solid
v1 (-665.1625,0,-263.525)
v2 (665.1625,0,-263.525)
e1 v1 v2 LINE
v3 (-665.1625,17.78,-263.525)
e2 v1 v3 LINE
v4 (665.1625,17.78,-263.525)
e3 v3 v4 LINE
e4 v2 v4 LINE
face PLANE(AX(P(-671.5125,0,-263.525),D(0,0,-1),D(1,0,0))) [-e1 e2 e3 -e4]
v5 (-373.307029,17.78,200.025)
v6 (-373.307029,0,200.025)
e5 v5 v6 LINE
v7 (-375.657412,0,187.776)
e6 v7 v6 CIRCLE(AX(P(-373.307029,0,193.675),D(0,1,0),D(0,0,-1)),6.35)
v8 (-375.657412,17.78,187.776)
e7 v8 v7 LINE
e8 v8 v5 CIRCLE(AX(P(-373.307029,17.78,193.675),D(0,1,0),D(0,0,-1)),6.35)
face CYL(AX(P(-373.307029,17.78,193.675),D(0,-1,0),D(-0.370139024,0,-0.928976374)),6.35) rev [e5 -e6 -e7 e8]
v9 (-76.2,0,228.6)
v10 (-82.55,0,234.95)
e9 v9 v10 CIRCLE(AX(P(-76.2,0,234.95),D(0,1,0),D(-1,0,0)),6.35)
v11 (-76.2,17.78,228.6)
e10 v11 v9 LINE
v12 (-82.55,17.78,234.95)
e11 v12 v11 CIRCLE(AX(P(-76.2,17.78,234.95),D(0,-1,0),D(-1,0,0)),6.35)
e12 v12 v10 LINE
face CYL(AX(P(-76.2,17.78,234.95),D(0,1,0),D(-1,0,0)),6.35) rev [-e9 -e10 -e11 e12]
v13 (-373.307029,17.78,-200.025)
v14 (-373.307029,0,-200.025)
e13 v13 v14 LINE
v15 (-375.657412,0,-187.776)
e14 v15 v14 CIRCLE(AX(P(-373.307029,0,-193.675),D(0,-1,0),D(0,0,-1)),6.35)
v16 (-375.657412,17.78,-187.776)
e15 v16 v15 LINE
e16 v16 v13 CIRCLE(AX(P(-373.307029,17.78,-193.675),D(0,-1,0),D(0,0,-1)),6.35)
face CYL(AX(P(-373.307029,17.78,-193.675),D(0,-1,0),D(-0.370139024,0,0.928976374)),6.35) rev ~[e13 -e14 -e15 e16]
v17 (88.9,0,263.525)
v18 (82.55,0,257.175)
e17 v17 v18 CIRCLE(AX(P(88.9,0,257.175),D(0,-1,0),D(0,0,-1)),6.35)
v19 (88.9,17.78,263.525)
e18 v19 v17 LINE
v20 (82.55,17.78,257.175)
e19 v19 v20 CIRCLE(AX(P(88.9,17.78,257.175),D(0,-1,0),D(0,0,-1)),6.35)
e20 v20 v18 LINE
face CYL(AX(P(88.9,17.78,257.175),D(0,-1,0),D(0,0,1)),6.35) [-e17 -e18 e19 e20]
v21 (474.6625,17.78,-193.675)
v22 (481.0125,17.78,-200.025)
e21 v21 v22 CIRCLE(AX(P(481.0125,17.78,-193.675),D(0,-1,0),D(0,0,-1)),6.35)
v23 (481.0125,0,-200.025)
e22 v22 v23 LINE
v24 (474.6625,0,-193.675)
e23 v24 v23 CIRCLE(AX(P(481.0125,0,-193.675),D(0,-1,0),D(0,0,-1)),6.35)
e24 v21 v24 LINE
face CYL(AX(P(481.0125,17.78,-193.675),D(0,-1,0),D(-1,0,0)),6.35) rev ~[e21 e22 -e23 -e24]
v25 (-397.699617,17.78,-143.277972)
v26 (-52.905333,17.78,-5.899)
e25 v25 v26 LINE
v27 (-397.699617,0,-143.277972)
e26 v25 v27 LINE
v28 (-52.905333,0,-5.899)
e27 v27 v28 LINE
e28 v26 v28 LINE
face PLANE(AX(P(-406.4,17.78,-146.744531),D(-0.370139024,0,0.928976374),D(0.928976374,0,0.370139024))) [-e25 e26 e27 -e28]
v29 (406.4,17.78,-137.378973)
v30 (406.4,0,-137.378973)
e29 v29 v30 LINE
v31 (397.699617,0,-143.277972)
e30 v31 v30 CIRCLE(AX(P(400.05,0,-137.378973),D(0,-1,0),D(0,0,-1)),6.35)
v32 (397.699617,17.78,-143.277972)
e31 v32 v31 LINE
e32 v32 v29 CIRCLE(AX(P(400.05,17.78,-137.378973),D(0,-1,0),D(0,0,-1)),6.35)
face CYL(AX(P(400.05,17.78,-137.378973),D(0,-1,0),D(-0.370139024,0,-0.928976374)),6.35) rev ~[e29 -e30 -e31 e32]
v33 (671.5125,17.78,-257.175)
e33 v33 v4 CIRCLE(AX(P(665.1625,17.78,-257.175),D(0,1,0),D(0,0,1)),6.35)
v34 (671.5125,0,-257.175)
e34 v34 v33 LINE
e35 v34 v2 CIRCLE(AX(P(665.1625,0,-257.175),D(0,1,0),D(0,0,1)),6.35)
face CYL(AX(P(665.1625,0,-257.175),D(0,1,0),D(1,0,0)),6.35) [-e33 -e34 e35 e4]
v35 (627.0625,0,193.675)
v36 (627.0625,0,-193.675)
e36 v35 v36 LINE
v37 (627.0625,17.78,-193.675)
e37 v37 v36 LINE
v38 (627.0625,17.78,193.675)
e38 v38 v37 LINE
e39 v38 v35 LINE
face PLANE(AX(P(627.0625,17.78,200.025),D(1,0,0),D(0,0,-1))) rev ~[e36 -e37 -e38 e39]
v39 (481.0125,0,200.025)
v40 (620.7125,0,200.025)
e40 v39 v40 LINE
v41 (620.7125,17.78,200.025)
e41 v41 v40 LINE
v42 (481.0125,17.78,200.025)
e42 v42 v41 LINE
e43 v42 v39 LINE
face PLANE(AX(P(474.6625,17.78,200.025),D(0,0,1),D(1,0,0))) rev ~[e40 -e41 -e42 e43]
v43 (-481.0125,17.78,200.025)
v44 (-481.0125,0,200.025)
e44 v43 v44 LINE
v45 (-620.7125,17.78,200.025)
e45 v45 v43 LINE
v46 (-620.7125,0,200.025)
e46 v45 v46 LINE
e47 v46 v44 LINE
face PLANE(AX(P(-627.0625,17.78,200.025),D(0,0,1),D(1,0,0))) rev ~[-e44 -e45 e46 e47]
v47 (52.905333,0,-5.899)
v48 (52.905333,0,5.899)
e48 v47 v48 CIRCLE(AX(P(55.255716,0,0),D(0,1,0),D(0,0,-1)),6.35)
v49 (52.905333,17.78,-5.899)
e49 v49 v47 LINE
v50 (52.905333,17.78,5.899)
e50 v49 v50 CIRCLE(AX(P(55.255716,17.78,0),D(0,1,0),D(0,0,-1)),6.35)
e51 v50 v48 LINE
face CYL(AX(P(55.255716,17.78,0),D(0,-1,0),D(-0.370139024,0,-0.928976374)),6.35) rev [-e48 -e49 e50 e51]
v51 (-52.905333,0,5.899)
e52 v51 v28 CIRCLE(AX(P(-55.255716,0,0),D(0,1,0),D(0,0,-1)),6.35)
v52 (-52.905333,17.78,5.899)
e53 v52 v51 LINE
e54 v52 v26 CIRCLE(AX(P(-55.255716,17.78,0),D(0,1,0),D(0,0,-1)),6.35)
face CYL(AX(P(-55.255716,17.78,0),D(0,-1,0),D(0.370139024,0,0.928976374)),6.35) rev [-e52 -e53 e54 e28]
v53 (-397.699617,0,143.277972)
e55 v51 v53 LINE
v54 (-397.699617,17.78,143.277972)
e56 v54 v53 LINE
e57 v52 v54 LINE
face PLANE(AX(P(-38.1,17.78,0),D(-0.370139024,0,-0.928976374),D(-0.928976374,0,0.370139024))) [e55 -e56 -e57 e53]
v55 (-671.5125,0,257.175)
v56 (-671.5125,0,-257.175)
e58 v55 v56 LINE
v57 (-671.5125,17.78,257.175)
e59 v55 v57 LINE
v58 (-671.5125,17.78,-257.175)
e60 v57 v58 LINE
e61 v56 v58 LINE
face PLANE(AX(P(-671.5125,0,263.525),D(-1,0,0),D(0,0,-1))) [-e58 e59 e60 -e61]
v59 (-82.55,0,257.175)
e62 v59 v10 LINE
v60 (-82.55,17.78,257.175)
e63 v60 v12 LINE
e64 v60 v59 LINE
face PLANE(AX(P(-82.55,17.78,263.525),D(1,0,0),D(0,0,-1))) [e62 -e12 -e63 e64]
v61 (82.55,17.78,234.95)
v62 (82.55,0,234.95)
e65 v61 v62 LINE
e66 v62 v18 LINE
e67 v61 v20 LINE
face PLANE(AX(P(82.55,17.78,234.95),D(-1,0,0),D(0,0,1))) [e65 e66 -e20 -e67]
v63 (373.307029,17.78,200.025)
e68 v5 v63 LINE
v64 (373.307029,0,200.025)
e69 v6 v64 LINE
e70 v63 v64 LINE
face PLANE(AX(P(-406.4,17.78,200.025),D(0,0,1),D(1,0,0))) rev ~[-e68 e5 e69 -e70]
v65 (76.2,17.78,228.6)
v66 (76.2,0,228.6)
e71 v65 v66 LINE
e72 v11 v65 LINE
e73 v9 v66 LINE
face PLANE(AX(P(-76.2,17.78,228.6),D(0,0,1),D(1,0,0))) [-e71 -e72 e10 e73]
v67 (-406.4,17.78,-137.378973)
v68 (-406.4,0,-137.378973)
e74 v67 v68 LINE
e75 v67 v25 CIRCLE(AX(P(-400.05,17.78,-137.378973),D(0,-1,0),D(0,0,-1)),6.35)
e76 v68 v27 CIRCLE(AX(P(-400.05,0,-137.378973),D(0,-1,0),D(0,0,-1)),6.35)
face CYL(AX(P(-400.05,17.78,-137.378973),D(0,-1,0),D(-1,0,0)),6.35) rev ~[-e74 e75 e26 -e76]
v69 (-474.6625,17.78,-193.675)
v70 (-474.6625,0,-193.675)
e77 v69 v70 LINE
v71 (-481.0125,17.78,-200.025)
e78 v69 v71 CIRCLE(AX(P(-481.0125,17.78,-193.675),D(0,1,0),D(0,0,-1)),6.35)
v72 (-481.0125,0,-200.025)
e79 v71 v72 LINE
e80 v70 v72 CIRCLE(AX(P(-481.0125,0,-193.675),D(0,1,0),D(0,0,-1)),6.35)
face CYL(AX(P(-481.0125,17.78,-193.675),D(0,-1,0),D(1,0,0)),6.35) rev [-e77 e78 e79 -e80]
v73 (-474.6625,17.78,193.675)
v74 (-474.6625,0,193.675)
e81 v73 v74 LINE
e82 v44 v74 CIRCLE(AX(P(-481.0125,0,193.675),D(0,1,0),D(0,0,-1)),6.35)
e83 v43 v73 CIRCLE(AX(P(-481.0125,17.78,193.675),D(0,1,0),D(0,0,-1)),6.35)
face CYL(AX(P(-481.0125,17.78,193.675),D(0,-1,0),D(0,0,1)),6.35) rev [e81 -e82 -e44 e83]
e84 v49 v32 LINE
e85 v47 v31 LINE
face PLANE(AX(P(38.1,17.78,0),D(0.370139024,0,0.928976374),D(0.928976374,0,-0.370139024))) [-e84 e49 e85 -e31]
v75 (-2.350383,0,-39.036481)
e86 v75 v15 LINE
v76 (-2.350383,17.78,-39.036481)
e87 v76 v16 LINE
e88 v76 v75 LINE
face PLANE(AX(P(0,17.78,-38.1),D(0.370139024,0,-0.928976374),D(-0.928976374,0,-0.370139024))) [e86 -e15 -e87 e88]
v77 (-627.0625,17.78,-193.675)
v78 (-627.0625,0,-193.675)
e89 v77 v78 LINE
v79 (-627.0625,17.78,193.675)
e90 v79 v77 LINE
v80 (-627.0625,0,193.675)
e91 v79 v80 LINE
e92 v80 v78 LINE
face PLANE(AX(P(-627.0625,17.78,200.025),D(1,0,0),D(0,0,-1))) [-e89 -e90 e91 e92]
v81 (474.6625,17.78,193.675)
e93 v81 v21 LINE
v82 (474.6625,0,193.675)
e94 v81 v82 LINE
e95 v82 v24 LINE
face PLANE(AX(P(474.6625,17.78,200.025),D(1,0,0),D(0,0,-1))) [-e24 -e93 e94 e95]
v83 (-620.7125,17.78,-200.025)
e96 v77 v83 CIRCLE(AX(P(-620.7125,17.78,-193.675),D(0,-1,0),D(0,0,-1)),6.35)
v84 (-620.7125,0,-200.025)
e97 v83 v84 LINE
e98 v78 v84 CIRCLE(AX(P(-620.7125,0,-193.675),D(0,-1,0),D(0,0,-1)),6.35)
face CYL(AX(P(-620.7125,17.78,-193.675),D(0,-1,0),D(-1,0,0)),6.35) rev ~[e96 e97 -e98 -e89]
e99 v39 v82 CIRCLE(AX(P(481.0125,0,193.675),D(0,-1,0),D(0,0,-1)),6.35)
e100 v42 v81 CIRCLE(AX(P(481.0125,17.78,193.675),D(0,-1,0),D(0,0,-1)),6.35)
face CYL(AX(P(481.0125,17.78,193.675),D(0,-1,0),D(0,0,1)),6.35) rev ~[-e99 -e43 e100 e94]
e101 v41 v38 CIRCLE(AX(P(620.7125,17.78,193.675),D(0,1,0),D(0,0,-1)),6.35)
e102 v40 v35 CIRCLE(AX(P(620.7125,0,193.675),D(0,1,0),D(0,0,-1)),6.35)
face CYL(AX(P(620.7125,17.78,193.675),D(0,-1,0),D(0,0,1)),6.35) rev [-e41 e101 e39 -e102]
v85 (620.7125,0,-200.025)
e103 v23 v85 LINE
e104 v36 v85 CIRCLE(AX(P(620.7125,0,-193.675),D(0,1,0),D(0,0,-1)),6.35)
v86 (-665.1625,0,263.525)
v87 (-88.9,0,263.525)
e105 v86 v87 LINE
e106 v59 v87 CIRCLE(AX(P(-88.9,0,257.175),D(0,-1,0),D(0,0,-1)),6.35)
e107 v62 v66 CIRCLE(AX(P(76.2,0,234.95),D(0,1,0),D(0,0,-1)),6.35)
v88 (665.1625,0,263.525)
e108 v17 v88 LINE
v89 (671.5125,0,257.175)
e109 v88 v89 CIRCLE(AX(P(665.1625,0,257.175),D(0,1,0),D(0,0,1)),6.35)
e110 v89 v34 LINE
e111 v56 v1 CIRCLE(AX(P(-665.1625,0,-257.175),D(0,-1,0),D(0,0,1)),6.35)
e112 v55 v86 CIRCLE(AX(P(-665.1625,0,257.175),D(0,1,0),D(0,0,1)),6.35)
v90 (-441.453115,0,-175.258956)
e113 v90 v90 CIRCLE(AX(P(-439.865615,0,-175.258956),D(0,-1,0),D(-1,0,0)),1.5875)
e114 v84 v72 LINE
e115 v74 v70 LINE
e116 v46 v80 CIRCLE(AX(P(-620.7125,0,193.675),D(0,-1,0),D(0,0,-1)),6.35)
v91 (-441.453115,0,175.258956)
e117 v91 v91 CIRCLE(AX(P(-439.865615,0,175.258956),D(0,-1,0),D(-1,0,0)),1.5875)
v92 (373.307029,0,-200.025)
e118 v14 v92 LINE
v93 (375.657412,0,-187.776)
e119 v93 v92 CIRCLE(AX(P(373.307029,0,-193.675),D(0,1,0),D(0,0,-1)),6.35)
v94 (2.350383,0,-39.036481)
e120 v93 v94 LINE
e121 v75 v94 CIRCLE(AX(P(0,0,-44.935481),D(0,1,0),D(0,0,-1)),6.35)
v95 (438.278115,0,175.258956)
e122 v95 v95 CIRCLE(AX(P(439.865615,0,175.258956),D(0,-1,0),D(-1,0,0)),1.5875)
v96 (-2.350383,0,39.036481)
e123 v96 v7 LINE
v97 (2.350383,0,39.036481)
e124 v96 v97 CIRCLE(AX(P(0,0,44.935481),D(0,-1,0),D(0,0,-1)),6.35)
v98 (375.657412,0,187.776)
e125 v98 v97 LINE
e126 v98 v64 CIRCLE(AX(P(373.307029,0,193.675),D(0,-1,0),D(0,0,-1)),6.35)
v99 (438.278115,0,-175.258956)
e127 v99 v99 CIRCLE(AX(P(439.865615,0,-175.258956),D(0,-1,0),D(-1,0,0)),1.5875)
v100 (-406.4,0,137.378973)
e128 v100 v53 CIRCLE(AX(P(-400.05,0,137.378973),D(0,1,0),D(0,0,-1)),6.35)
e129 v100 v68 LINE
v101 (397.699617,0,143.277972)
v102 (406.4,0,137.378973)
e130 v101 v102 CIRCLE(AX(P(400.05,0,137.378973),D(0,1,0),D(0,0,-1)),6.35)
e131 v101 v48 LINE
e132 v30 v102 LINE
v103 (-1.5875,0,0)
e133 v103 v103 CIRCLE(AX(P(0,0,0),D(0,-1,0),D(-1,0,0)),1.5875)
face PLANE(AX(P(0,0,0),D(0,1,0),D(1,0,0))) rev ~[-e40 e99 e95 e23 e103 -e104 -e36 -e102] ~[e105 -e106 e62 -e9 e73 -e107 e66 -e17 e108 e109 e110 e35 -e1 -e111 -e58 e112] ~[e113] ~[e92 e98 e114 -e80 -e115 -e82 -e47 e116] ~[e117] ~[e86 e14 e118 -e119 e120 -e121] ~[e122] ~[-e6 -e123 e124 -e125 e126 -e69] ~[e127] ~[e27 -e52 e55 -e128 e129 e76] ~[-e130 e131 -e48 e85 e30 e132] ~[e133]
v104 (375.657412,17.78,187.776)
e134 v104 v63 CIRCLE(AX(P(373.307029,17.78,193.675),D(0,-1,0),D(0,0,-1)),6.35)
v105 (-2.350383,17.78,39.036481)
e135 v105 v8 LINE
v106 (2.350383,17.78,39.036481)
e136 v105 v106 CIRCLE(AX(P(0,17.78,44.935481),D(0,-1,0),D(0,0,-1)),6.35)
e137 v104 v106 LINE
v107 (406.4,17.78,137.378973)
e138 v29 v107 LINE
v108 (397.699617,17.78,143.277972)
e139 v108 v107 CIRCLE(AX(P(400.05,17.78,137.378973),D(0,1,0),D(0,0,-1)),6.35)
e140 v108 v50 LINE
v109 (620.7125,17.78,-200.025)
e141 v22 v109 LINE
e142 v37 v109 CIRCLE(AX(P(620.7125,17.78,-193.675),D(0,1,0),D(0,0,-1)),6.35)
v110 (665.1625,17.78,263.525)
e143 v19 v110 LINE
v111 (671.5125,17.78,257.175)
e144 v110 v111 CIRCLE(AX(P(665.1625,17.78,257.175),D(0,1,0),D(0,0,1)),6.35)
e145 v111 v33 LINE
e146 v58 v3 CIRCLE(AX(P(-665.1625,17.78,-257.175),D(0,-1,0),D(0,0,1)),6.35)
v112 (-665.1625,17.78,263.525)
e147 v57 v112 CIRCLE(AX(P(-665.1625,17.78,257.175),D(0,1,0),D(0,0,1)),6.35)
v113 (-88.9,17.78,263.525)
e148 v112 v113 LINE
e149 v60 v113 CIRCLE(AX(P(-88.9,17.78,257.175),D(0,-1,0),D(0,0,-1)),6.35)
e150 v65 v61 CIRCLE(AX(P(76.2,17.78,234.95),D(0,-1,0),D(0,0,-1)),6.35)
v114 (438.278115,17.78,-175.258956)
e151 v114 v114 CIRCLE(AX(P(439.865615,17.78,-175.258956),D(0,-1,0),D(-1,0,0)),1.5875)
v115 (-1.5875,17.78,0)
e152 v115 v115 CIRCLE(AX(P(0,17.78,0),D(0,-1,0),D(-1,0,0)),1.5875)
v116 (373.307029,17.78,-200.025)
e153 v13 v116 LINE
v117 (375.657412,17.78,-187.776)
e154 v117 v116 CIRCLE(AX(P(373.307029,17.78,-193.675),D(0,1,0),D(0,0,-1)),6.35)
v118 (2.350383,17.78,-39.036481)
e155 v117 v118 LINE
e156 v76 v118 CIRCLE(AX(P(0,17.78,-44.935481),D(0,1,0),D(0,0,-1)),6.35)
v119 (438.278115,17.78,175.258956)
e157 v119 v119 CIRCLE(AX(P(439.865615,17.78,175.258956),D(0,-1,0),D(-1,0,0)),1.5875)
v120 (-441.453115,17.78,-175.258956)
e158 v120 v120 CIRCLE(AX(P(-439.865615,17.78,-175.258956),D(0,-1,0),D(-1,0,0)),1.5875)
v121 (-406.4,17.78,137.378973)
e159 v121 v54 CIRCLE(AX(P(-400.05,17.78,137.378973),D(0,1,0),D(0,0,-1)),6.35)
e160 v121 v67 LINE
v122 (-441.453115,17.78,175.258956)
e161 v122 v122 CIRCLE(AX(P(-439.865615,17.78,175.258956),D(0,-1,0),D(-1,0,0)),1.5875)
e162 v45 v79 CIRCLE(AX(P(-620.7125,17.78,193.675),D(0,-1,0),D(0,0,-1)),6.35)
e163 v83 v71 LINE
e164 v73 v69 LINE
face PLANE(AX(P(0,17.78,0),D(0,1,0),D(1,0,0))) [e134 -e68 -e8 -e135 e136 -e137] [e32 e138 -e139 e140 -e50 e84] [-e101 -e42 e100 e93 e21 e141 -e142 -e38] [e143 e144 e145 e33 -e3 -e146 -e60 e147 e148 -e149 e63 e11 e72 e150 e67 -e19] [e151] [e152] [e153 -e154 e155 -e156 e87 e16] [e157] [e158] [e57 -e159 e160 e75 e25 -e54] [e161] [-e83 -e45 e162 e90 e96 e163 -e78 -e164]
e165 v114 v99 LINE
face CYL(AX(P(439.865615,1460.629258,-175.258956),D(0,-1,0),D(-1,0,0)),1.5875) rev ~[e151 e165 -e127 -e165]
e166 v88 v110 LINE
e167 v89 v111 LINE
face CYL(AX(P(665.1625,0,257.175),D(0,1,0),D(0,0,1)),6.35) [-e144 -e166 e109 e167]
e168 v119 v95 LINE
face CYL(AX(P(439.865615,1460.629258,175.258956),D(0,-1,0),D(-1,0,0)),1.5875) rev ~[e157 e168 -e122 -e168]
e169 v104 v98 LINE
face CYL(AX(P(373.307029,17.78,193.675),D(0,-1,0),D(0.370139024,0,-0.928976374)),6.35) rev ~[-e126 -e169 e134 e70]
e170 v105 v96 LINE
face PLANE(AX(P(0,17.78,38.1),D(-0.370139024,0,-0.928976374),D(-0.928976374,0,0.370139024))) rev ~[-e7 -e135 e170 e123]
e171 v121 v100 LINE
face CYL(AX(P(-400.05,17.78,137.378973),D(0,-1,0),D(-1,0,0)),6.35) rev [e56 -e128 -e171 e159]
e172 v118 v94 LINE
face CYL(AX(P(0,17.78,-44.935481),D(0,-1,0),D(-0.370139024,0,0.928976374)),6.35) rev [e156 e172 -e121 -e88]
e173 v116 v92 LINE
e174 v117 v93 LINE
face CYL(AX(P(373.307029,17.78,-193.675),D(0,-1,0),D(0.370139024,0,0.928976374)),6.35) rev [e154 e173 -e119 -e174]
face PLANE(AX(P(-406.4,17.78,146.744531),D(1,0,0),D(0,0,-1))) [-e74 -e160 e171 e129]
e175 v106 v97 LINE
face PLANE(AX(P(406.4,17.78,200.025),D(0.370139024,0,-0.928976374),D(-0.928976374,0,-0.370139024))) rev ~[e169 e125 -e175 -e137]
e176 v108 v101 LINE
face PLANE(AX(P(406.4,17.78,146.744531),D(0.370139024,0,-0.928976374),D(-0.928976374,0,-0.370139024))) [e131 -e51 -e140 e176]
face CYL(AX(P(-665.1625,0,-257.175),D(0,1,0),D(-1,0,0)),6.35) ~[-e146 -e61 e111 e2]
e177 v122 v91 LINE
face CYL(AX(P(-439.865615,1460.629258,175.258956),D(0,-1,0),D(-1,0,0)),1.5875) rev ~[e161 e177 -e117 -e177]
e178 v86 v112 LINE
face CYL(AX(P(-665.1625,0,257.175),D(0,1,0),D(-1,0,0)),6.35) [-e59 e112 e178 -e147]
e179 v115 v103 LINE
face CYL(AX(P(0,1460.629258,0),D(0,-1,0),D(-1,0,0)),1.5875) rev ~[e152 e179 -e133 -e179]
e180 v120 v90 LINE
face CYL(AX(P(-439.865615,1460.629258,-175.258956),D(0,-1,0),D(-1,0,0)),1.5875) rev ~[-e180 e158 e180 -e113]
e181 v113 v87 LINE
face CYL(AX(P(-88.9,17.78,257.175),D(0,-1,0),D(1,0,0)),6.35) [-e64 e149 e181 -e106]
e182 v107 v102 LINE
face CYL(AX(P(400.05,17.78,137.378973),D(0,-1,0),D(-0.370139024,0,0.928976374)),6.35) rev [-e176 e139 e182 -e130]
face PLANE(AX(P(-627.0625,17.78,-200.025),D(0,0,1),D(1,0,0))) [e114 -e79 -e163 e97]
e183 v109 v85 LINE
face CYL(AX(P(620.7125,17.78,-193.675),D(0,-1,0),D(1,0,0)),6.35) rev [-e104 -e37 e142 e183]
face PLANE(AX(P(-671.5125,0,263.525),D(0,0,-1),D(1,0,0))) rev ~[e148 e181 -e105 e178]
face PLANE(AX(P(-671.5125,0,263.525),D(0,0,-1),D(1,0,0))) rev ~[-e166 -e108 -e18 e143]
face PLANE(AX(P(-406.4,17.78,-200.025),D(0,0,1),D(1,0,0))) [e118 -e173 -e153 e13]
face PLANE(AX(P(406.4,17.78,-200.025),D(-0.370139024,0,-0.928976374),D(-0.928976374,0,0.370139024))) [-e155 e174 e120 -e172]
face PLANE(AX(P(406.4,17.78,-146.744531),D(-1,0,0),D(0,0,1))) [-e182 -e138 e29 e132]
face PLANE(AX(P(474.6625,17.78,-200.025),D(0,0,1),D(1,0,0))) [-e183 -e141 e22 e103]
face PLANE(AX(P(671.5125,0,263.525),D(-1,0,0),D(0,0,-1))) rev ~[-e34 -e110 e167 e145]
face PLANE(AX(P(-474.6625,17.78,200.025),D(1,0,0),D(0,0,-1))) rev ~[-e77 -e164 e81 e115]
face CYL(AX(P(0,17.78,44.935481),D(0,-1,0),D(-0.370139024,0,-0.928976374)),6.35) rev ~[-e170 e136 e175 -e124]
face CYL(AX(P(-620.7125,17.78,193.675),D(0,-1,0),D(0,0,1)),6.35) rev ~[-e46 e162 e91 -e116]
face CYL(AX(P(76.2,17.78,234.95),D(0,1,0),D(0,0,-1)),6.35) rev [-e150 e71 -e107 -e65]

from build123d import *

# Parameters (mm, degrees)
SKETCH1_W                    = 1343.025
SKETCH1_H                    = 527.05
BOSS_EXTRUDE1_DEPTH          = 17.78
FILLET1_R                    = 6.35
SKETCH5_W                    = 152.4
SKETCH5_H                    = 400.05
CUT_EXTRUDE1_DEPTH           = 18.78
F_1_8_0_125_DIAMETER_HOLE2_D = 3.175
CUT_EXTRUDE2_DEPTH           = 18.78
FILLET2_R                    = 6.35


with BuildPart() as part:
    # Sketch1 → Boss-Extrude1 (new body)
    with BuildSketch(Plane(origin=(0, 0, 0), x_dir=(1, 0, 0), z_dir=(0, 1, 0))):
        Rectangle(SKETCH1_W, SKETCH1_H)
    extrude(amount=BOSS_EXTRUDE1_DEPTH)

    # Fillet1
    fillet1_edges = [part.edges().sort_by_distance(p)[0] for p in [
        (671.5125, 8.89, 263.525),
        (-671.5125, 8.89, 263.525),
        (-671.5125, 8.89, -263.525),
        (671.5125, 8.89, -263.525),
    ]]
    fillet(fillet1_edges, radius=FILLET1_R)

    # Sketch5 → Cut-Extrude1 (cut, through all)
    with BuildSketch(Plane(origin=(0, 17.78, 0), x_dir=(1, 0, 0), z_dir=(0, 1, 0))):
        Polygon((-406.4, 200.025), (406.4, 200.025), (0, 38.1), align=None)
        Polygon((0, -38.1), (-406.4, -200.025), (406.4, -200.025), align=None)
        Polygon((406.4, 146.74453125), (406.4, -146.74453125), (38.1, 0), align=None)
        Polygon((-406.4, 146.74453125), (-38.1, 0), (-406.4, -146.74453125), align=None)
        with Locations((550.8625, 0)):
            Rectangle(SKETCH5_W, SKETCH5_H)
        with Locations((-550.8625, 0)):
            Rectangle(SKETCH5_W, SKETCH5_H)
    extrude(amount=-CUT_EXTRUDE1_DEPTH, mode=Mode.SUBTRACT)

    # 1/8 (0.125) Diameter Hole2 (through all)
    with Locations(Plane(origin=(0, 17.78, 0), x_dir=(1, 0, 0), z_dir=(0, 1, 0))):
        with Locations((0, 0), (-439.865615282, -175.258956089), (439.865615282, 175.258956089), (439.865615282, -175.258956089), (-439.865615282, 175.258956089)):
            Hole(F_1_8_0_125_DIAMETER_HOLE2_D / 2)

    # Sketch8 → Cut-Extrude2 (cut, through all)
    with BuildSketch(Plane(origin=(0, 17.78, 0), x_dir=(1, 0, 0), z_dir=(0, 1, 0))):
        with BuildLine():
            Line((-82.55, -263.525), (-82.55, -234.95))
            ThreePointArc((-82.55, -234.95), (-80.690128061, -230.459871939), (-76.2, -228.6))
            Line((-76.2, -228.6), (76.2, -228.6))
            ThreePointArc((76.2, -228.6), (80.690128061, -230.459871939), (82.55, -234.95))
            Line((82.55, -234.95), (82.55, -263.525))
            Line((82.55, -263.525), (-82.55, -263.525))
        make_face()
    extrude(amount=-CUT_EXTRUDE2_DEPTH, mode=Mode.SUBTRACT)

    # Fillet2
    fillet2_edges = [part.edges().sort_by_distance(p)[0] for p in [
        (82.55, 8.89, 263.525),
        (-82.55, 8.89, 263.525),
        (406.4, 8.89, -200.025),
        (0, 8.89, -38.1),
        (-406.4, 8.89, -200.025),
        (-474.6625, 8.89, -200.025),
        (-474.6625, 8.89, 200.025),
        (-627.0625, 8.89, 200.025),
        (-627.0625, 8.89, -200.025),
        (-406.4, 8.89, 146.74453125),
        (-406.4, 8.89, -146.74453125),
        (-38.1, 8.89, 0),
        (627.0625, 8.89, -200.025),
        (627.0625, 8.89, 200.025),
        (474.6625, 8.89, 200.025),
        (474.6625, 8.89, -200.025),
        (0, 8.89, 38.1),
        (406.4, 8.89, 200.025),
        (-406.4, 8.89, 200.025),
        (38.1, 8.89, 0),
        (406.4, 8.89, -146.74453125),
        (406.4, 8.89, 146.74453125),
    ]]
    fillet(fillet2_edges, radius=FILLET2_R)


solid = part.part
